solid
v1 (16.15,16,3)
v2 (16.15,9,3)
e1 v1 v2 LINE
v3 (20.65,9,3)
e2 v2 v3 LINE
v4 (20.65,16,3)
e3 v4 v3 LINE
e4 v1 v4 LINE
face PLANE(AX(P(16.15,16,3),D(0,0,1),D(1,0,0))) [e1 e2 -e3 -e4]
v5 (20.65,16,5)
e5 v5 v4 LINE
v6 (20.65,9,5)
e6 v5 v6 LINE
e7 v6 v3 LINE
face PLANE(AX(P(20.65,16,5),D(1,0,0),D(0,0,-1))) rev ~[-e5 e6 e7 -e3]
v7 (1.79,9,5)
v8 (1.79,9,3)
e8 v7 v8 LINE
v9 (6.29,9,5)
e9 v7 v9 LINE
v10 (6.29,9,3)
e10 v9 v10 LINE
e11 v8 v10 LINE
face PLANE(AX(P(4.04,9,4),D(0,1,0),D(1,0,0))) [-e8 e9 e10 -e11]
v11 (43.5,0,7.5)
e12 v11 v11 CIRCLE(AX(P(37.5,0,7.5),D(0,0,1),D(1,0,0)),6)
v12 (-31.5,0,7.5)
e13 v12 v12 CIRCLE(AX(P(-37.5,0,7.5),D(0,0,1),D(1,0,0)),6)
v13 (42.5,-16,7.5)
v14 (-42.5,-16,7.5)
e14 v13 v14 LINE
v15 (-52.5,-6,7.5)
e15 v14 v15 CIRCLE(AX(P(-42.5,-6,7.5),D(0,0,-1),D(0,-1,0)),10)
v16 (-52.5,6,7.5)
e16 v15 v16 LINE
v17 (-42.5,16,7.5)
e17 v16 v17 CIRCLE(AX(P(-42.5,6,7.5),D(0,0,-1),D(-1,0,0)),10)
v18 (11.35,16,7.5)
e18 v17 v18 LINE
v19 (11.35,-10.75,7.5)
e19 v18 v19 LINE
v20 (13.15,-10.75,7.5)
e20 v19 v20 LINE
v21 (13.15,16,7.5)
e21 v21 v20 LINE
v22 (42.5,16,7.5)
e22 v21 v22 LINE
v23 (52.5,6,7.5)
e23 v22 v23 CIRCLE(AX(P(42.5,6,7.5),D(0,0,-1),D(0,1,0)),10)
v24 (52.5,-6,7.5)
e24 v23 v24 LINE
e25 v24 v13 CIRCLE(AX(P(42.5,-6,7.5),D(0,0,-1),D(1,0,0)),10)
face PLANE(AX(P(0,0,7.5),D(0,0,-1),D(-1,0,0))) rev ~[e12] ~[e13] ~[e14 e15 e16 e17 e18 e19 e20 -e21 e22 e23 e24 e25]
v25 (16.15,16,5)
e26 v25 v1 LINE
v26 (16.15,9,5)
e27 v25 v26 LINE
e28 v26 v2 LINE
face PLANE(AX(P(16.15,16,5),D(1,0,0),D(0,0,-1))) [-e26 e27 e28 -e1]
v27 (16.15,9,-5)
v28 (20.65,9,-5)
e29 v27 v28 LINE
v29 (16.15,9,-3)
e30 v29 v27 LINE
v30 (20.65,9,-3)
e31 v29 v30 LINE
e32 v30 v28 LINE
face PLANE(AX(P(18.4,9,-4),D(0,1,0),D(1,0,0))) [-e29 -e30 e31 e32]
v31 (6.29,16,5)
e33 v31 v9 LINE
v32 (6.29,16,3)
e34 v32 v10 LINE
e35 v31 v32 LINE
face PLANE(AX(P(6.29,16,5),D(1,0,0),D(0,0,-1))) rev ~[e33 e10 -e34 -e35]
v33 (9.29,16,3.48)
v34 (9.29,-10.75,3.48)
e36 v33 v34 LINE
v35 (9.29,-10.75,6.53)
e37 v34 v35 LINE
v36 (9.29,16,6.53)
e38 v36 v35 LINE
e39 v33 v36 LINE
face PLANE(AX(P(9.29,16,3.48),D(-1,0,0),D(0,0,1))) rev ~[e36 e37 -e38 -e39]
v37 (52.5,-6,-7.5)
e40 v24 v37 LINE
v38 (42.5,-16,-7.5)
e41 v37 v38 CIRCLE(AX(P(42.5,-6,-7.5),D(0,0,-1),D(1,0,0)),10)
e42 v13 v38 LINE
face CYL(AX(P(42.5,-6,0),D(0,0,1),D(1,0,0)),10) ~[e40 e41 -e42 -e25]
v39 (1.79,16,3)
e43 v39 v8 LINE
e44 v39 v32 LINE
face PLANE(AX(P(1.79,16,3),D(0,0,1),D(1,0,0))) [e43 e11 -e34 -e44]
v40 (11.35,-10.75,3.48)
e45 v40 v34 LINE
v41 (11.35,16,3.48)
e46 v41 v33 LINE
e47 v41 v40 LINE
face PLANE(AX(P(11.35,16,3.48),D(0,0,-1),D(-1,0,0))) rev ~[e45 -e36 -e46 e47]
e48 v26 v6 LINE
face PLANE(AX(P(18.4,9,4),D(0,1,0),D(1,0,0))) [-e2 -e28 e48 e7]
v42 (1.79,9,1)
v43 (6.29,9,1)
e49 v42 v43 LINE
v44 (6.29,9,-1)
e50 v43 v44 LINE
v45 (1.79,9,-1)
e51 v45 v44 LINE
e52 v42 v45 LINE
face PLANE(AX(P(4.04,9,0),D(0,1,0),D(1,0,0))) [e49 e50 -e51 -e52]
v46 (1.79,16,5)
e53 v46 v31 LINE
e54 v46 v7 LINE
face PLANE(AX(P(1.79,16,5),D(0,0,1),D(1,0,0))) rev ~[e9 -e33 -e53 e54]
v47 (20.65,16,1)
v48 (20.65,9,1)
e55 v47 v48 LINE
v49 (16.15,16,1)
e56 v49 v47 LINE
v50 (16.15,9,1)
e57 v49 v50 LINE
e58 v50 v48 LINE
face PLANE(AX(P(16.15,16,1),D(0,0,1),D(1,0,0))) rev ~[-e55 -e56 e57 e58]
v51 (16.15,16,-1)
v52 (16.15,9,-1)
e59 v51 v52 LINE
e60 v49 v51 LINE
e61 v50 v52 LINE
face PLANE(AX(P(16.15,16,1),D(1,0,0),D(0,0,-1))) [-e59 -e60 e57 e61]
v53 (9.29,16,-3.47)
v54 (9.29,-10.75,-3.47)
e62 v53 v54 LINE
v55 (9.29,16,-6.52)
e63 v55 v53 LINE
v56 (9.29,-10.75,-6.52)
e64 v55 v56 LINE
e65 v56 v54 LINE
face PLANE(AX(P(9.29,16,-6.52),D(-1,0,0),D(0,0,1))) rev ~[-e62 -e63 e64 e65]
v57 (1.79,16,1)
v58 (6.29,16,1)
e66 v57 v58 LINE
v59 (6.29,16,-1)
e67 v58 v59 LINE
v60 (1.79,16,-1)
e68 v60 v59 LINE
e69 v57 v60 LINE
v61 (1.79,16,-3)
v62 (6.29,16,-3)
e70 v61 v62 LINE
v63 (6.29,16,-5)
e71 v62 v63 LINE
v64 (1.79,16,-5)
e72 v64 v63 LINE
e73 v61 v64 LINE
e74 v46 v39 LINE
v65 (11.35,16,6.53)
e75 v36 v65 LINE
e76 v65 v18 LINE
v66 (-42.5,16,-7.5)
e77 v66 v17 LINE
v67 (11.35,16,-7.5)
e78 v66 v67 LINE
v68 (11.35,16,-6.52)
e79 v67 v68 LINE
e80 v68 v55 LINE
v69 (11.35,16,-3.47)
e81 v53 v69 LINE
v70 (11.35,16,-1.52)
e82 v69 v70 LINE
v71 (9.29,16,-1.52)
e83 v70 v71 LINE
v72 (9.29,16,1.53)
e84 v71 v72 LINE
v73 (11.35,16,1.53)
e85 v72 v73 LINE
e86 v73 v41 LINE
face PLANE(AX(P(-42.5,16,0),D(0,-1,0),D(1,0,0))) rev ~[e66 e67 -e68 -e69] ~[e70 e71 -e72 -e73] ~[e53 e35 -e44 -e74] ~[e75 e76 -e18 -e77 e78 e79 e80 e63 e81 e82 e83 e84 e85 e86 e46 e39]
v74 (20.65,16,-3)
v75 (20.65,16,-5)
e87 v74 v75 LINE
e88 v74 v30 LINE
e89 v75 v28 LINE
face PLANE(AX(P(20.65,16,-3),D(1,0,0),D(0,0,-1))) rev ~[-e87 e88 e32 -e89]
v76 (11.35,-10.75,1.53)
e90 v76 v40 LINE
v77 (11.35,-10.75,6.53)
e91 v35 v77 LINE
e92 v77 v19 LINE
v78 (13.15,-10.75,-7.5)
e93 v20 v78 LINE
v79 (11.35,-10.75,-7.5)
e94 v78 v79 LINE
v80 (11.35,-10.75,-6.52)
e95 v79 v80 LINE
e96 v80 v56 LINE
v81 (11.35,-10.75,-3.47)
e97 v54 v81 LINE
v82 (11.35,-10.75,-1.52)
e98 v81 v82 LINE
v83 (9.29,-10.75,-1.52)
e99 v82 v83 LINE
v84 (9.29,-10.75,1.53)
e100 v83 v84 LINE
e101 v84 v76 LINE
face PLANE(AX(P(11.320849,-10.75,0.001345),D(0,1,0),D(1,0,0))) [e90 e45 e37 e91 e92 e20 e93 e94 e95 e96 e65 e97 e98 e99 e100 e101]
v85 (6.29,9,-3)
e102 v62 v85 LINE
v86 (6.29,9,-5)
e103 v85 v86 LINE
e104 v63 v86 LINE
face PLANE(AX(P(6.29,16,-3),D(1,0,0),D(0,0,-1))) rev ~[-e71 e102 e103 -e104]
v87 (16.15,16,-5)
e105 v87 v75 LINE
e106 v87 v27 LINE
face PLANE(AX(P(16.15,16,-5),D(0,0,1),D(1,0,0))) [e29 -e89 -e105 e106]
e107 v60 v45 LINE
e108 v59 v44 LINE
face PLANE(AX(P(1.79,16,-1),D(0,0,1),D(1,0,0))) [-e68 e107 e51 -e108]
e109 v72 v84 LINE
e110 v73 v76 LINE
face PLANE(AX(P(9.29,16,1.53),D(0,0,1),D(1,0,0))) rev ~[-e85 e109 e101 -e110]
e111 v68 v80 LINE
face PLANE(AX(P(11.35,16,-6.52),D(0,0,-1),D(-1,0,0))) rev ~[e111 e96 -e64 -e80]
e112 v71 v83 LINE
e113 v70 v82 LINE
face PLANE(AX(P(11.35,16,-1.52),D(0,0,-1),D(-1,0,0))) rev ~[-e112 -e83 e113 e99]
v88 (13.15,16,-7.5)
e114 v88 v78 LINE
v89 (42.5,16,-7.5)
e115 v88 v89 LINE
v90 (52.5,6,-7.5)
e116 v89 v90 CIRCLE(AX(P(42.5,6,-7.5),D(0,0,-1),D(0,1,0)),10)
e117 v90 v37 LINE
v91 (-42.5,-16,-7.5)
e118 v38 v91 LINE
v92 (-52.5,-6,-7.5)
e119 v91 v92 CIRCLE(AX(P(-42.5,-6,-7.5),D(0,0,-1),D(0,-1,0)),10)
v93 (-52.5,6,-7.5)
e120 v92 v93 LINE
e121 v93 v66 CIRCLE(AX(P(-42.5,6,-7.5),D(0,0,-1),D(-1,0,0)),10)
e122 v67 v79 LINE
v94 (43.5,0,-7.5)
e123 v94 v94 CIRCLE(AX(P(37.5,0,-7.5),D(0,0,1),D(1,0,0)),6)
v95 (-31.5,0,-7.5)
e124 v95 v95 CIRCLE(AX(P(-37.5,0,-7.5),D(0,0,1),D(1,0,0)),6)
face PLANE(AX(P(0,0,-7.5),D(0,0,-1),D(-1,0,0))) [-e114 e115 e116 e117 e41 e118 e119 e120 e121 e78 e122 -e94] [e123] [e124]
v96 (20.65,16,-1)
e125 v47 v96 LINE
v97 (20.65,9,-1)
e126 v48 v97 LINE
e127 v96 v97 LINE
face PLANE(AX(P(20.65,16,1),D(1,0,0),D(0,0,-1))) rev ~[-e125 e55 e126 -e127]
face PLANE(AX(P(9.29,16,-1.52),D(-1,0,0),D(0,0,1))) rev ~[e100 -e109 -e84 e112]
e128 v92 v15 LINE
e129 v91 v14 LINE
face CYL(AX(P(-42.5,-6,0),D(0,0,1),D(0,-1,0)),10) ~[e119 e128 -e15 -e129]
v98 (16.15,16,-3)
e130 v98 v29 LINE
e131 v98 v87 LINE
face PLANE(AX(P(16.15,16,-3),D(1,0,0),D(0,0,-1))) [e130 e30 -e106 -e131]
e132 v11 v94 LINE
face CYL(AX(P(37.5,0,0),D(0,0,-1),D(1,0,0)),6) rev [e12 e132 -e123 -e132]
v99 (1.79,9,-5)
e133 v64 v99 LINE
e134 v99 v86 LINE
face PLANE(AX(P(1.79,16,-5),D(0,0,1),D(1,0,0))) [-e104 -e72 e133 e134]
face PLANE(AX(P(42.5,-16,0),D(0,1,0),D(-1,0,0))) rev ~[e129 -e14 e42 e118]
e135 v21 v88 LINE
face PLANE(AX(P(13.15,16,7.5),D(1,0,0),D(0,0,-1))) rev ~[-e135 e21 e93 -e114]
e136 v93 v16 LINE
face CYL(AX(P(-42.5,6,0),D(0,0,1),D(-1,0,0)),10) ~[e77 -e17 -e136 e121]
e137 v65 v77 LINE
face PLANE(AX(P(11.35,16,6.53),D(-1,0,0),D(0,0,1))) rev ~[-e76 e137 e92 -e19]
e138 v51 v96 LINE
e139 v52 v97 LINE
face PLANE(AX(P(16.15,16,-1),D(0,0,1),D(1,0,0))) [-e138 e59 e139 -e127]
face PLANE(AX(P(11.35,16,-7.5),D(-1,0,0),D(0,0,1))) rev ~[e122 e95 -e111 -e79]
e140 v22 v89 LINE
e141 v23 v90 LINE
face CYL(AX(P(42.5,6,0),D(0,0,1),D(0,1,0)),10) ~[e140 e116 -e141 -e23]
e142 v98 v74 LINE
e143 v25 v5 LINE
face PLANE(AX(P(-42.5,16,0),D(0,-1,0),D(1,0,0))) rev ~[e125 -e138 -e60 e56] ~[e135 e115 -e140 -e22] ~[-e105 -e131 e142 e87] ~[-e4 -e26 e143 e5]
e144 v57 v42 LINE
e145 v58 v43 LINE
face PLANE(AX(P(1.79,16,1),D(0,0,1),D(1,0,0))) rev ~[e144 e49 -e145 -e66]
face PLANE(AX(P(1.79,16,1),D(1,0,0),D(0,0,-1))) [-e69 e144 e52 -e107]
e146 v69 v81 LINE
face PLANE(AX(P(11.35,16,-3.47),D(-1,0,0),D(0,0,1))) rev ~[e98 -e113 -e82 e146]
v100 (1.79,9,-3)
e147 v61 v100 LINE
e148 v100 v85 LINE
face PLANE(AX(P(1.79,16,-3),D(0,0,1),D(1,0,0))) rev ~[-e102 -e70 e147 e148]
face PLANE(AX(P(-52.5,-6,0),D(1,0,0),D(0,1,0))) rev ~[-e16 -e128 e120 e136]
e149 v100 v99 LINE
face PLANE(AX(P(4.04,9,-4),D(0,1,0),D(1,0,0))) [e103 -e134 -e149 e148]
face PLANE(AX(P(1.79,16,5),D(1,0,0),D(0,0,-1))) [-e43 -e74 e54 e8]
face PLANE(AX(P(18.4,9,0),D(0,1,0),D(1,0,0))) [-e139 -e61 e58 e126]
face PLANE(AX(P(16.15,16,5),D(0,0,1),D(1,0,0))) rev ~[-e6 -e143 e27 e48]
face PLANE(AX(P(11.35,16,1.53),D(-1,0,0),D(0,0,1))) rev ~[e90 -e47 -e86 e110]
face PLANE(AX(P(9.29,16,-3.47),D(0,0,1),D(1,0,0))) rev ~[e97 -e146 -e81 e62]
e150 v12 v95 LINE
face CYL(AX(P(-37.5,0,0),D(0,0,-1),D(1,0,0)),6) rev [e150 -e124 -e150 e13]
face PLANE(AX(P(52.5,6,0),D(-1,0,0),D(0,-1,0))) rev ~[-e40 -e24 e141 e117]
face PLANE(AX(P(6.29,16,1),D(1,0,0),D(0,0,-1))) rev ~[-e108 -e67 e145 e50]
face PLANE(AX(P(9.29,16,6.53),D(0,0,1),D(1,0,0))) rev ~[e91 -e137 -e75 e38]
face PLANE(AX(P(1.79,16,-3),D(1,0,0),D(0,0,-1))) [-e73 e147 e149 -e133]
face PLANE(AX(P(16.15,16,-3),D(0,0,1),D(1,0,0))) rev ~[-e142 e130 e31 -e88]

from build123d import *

# Parameters (mm, degrees)
SKETCH_1_R          = 6
EXTRUDE_1_DEPTH     = 7.5
CUT_EXTRUDE_1_DEPTH = 26.75
SKETCH_4_W          = 4.5
SKETCH_4_H          = 2
CUT_EXTRUDE_2_DEPTH = 7


with BuildPart() as part:
    # 草图1 → 凸台-拉伸1 (new, symmetric)
    with BuildSketch(Plane.XY):
        with BuildLine():
            Line((-42.5, 16), (42.5, 16))
            ThreePointArc((42.5, 16), (49.571067812, 13.071067812), (52.5, 6))
            Line((52.5, 6), (52.5, -6))
            ThreePointArc((52.5, -6), (49.571067812, -13.071067812), (42.5, -16))
            Line((42.5, -16), (-42.5, -16))
            ThreePointArc((-42.5, -16), (-49.571067812, -13.071067812), (-52.5, -6))
            Line((-52.5, -6), (-52.5, 6))
            ThreePointArc((-52.5, 6), (-49.571067812, 13.071067812), (-42.5, 16))
        make_face()
        with Locations((-37.5, 0)):
            Circle(SKETCH_1_R, mode=Mode.SUBTRACT)
        with Locations((37.5, 0)):
            Circle(SKETCH_1_R, mode=Mode.SUBTRACT)
    extrude(amount=EXTRUDE_1_DEPTH, both=True)

    # 草图2 → 切除-拉伸1 (cut)
    with BuildSketch(Plane(origin=(0, 16, 0), x_dir=(1, 0, 0), z_dir=(0, 1, 0))):
        Polygon((13.15, 7.5), (11.35, 7.5), (11.35, 6.52), (9.29, 6.52), (9.29, 3.47), (11.35, 3.47), (11.35, 1.52), (9.29, 1.52), (9.29, -1.53), (11.35, -1.53), (11.35, -3.48), (9.29, -3.48), (9.29, -6.53), (11.35, -6.53), (11.35, -7.5), (13.15, -7.5), align=None)
    extrude(amount=-CUT_EXTRUDE_1_DEPTH, mode=Mode.SUBTRACT)

    # 草图4 → 切除-拉伸2 (cut)
    with BuildSketch(Plane(origin=(0, 16, 0), x_dir=(1, 0, 0), z_dir=(0, 1, 0))):
        with Locations((4.04, 4)):
            Rectangle(SKETCH_4_W, SKETCH_4_H)
        with Locations((4.04, 0)):
            Rectangle(SKETCH_4_W, SKETCH_4_H)
        with Locations((4.04, -4)):
            Rectangle(SKETCH_4_W, SKETCH_4_H)
        with Locations((18.4, 4)):
            Rectangle(SKETCH_4_W, SKETCH_4_H)
        with Locations((18.4, 0)):
            Rectangle(SKETCH_4_W, SKETCH_4_H)
        with Locations((18.4, -4)):
            Rectangle(SKETCH_4_W, SKETCH_4_H)
    extrude(amount=-CUT_EXTRUDE_2_DEPTH, mode=Mode.SUBTRACT)


solid = part.part
